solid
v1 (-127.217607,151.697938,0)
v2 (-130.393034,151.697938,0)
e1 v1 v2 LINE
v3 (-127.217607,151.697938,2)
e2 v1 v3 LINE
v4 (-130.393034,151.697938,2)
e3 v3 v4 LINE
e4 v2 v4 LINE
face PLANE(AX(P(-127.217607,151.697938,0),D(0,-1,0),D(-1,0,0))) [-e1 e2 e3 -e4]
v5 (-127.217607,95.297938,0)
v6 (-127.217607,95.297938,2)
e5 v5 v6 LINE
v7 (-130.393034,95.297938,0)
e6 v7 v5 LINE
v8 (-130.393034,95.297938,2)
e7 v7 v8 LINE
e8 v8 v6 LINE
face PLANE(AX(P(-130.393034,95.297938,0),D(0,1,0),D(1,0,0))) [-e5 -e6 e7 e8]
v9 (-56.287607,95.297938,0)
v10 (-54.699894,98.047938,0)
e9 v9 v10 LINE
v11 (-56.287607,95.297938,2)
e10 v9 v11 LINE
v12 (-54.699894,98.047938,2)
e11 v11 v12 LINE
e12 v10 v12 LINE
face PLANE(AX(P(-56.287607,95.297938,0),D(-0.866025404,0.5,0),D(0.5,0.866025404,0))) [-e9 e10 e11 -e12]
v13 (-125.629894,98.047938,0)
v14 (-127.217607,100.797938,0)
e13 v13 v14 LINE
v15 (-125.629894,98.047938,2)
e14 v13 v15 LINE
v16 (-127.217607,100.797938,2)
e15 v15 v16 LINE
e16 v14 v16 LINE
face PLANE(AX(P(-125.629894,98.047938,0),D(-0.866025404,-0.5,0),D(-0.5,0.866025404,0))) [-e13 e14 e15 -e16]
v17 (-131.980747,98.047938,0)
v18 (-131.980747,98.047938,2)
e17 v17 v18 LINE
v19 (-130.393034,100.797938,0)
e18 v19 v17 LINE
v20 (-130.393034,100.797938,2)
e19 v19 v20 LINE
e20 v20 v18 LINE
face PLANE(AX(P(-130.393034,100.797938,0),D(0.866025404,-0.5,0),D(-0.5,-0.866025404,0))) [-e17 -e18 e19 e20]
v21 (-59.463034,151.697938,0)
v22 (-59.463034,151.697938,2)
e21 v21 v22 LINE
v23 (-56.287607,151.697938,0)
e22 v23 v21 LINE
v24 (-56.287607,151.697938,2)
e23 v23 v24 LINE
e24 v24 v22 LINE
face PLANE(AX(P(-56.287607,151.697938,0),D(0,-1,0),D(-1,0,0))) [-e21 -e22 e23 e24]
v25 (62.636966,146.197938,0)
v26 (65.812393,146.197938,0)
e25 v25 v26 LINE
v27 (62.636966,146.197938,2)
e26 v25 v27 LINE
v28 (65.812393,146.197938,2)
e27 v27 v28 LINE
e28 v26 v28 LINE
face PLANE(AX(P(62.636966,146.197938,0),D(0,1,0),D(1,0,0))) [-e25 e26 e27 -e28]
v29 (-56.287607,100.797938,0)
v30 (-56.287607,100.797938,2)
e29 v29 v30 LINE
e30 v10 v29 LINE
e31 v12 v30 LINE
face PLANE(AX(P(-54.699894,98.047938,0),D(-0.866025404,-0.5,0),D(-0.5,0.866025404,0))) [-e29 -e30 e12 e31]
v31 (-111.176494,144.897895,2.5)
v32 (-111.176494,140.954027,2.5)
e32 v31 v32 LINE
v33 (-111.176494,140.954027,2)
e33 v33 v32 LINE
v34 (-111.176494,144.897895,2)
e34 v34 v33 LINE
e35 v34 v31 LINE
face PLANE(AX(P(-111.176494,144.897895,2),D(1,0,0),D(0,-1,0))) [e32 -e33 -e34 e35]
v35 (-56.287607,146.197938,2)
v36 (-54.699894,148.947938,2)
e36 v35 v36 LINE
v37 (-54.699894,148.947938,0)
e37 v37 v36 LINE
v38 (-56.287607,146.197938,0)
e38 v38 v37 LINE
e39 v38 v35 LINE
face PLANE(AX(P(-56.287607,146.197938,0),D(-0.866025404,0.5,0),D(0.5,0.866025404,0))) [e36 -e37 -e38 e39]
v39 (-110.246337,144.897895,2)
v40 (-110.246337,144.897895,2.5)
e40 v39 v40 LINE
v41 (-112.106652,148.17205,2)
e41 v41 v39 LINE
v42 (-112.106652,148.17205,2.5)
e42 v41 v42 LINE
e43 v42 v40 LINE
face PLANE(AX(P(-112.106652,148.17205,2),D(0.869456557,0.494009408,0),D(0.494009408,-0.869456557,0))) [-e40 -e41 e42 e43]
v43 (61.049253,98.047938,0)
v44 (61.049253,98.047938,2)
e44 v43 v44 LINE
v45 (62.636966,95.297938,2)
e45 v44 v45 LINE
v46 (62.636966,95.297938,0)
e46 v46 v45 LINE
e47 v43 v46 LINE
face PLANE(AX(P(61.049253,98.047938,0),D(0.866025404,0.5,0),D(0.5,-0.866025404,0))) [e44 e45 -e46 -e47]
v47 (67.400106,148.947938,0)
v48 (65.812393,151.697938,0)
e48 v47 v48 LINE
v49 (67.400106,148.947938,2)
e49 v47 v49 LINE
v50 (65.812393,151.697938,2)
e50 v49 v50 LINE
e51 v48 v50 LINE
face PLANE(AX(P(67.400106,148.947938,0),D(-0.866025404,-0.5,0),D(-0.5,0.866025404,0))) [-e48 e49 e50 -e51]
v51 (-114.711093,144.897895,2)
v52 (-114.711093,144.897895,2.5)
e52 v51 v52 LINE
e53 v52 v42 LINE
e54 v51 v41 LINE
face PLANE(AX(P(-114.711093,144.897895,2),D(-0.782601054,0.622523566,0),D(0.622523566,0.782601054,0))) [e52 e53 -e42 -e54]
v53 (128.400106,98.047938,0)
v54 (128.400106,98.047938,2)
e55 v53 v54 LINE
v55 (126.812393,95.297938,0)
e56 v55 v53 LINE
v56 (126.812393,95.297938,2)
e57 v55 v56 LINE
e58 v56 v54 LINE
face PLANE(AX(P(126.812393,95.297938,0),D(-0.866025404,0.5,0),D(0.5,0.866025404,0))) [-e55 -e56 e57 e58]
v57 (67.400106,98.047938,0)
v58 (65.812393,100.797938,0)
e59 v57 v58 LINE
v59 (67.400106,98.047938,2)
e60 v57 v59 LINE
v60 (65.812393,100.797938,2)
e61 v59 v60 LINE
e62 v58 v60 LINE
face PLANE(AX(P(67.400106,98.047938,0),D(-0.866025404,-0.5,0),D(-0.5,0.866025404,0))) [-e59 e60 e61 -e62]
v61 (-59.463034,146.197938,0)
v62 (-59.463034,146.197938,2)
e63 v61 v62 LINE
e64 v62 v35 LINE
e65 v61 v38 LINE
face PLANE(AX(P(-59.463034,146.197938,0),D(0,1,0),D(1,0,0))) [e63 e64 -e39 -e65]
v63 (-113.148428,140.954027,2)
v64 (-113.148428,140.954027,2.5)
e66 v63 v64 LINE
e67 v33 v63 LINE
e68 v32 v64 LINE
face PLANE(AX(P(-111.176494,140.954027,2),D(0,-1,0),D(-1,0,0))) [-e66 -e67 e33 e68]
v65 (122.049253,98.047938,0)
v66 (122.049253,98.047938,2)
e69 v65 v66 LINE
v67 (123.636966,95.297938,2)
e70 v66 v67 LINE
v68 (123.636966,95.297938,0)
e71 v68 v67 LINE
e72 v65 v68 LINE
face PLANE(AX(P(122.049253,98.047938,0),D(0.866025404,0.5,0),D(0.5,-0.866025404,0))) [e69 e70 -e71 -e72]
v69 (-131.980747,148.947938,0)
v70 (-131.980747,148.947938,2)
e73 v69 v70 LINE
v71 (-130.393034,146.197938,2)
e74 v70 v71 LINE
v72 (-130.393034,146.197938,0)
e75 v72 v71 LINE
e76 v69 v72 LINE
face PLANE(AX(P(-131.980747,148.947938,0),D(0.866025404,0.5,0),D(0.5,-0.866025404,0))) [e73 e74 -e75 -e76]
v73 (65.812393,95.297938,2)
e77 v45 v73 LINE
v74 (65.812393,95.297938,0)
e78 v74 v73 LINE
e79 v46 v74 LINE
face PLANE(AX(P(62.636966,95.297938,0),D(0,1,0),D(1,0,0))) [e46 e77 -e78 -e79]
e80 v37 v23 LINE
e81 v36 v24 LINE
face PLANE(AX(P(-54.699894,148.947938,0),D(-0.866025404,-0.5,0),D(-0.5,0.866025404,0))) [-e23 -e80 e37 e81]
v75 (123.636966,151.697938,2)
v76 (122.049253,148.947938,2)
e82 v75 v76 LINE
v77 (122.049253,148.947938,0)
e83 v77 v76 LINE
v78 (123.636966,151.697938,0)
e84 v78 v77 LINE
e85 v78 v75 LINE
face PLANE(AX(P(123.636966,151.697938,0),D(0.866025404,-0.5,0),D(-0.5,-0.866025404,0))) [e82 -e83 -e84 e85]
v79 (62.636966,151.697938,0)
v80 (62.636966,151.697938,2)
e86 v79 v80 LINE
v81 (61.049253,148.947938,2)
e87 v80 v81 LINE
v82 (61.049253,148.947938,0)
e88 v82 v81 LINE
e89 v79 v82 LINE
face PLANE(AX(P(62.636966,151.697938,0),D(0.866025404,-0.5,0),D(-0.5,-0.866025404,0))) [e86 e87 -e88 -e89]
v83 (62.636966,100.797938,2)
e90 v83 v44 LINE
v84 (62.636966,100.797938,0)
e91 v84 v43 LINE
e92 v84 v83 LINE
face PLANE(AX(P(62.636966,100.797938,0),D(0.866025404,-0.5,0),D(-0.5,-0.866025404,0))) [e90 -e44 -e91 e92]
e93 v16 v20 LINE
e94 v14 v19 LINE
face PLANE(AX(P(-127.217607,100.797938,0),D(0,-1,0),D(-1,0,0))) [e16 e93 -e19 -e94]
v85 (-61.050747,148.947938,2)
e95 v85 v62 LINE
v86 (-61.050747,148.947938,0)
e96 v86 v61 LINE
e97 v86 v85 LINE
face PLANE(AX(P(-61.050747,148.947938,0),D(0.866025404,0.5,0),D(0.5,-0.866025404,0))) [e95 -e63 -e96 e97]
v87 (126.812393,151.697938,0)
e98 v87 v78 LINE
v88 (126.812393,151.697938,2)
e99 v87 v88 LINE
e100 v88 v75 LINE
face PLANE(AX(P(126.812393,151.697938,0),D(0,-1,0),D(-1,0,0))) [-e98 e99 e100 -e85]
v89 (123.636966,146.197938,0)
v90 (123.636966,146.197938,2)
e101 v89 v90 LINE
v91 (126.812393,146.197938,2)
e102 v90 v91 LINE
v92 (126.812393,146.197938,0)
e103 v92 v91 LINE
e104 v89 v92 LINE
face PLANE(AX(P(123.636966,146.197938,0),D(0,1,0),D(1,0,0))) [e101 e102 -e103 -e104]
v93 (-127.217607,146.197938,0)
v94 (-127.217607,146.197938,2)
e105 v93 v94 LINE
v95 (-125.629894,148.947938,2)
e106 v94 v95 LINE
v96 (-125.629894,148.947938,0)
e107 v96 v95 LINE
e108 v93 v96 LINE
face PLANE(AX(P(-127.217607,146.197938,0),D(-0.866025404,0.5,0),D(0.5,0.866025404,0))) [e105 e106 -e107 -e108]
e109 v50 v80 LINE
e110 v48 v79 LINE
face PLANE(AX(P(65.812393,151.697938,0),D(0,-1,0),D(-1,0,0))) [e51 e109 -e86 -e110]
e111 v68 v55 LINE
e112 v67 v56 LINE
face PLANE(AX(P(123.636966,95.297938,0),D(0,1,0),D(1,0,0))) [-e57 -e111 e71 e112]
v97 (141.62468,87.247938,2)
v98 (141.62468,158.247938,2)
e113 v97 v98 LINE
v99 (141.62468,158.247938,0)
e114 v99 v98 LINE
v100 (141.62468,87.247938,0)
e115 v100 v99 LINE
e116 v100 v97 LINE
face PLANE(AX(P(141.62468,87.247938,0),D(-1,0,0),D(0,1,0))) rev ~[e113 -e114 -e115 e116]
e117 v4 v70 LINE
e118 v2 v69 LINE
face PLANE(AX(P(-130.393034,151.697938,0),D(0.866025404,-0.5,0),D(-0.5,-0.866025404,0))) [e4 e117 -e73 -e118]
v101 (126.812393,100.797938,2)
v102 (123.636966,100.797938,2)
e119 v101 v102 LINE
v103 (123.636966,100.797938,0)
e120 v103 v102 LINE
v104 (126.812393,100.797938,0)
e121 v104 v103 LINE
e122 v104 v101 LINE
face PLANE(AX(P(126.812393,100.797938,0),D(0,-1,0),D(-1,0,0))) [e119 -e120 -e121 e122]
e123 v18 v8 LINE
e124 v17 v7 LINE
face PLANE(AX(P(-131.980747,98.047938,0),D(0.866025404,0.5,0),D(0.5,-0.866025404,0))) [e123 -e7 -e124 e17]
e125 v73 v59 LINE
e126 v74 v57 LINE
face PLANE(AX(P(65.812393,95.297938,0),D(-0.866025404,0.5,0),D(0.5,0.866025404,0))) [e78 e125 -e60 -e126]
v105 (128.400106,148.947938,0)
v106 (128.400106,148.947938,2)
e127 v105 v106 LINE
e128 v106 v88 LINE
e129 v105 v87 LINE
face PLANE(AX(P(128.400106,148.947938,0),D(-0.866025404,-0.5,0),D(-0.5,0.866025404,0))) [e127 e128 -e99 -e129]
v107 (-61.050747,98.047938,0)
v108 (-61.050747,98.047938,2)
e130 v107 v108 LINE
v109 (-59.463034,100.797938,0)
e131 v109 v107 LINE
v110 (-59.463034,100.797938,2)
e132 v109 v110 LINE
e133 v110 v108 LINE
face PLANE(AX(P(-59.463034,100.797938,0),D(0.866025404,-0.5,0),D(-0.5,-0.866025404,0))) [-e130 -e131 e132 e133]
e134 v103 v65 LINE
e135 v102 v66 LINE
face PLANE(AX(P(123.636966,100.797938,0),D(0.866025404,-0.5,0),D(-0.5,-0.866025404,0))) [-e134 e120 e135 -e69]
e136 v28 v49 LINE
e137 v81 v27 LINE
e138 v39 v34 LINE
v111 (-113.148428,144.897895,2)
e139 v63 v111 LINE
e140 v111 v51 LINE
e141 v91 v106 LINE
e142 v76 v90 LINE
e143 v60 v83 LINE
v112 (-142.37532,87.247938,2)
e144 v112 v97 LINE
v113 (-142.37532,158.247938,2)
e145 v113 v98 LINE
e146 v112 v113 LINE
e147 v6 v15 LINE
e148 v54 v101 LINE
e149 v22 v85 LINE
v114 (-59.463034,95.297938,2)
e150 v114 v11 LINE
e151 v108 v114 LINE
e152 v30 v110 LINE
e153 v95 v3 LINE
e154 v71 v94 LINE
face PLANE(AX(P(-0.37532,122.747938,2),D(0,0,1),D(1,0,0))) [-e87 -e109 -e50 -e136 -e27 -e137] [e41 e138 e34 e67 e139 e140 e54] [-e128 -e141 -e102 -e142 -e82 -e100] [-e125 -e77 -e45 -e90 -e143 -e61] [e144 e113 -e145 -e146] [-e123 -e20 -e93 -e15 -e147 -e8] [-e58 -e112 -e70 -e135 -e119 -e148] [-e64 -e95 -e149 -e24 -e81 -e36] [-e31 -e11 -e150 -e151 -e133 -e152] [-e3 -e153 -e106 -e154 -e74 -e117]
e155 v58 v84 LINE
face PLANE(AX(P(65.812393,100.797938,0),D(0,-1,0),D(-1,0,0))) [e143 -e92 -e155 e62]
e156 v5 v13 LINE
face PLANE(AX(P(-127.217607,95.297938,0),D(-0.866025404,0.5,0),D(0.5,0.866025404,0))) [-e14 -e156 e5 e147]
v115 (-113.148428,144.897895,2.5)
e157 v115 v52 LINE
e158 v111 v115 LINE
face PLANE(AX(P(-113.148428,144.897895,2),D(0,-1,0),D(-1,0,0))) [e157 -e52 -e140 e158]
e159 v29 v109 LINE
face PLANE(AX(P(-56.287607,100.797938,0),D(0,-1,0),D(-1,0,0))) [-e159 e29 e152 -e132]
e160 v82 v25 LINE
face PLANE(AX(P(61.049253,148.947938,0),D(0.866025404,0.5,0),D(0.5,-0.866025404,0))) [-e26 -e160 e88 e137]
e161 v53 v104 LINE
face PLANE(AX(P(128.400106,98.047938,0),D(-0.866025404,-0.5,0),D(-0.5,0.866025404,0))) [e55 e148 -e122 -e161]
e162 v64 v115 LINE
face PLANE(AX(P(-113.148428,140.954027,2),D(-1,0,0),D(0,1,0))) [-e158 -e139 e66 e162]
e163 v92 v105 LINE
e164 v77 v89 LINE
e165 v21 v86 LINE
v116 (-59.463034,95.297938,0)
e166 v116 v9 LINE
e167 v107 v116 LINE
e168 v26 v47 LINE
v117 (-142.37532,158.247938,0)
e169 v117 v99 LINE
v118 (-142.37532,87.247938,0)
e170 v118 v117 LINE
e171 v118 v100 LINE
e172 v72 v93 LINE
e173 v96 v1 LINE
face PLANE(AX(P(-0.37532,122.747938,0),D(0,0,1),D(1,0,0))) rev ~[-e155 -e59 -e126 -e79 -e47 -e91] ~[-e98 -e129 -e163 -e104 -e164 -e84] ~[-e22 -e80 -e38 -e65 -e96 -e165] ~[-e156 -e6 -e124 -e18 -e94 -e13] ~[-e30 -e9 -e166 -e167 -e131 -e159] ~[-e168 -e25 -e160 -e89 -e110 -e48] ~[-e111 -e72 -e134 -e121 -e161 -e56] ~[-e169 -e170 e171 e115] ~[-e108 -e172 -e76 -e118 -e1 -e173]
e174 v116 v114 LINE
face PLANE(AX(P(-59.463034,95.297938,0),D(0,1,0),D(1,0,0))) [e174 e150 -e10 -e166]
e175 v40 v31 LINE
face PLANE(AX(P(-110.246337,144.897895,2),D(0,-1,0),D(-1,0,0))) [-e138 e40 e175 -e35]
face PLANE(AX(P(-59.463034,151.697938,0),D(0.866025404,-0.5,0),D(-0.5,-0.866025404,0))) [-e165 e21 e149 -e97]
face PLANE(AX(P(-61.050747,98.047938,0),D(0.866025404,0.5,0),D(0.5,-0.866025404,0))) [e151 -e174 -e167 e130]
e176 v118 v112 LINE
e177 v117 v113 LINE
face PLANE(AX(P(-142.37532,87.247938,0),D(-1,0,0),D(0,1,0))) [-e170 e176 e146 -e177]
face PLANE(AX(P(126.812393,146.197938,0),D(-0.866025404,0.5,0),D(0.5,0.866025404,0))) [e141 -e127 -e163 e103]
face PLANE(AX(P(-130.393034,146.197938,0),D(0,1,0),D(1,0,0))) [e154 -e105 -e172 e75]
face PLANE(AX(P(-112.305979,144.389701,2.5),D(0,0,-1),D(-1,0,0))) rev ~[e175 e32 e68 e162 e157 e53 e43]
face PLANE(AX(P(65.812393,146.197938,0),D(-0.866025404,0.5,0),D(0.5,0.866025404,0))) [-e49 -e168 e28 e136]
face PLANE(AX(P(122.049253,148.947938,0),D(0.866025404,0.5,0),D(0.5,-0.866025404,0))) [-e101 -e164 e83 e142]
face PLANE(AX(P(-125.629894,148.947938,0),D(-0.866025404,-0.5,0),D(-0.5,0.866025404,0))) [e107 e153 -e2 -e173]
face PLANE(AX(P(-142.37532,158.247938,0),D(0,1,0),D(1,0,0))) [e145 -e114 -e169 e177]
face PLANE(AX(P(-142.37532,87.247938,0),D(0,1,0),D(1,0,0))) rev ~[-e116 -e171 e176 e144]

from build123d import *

# Parameters (mm, degrees)
SKETCH1_W           = 284
SKETCH1_H           = 71
BOSS_EXTRUDE1_DEPTH = 2
BOSS_EXTRUDE2_DEPTH = 0.5


with BuildPart() as part:
    # Sketch1 → Boss-Extrude1 (new body)
    with BuildSketch(Plane.XY):
        with Locations((-0.375320298, 122.74793824)):
            Rectangle(SKETCH1_W, SKETCH1_H)
        Polygon((122.049253222, 148.94793824), (123.636966462, 146.19793824), (126.812392942, 146.19793824), (128.400106183, 148.94793824), (126.812392942, 151.69793824), (123.636966462, 151.69793824), align=None, mode=Mode.SUBTRACT)
        Polygon((122.049253222, 98.04793824), (123.636966462, 95.29793824), (126.812392942, 95.29793824), (128.400106183, 98.04793824), (126.812392942, 100.79793824), (123.636966462, 100.79793824), align=None, mode=Mode.SUBTRACT)
        Polygon((-131.980746778, 98.04793824), (-130.393033538, 95.29793824), (-127.217607058, 95.29793824), (-125.629893817, 98.04793824), (-127.217607058, 100.79793824), (-130.393033538, 100.79793824), align=None, mode=Mode.SUBTRACT)
        Polygon((-125.629893817, 148.94793824), (-127.217607058, 151.69793824), (-130.393033538, 151.69793824), (-131.980746778, 148.94793824), (-130.393033538, 146.19793824), (-127.217607058, 146.19793824), align=None, mode=Mode.SUBTRACT)
        Polygon((-61.050746778, 98.04793824), (-59.463033538, 95.29793824), (-56.287607058, 95.29793824), (-54.699893817, 98.04793824), (-56.287607058, 100.79793824), (-59.463033538, 100.79793824), align=None, mode=Mode.SUBTRACT)
        Polygon((-61.050746778, 148.94793824), (-59.463033538, 146.19793824), (-56.287607058, 146.19793824), (-54.699893817, 148.94793824), (-56.287607058, 151.69793824), (-59.463033538, 151.69793824), align=None, mode=Mode.SUBTRACT)
        Polygon((61.049253222, 148.94793824), (62.636966462, 146.19793824), (65.812392942, 146.19793824), (67.400106183, 148.94793824), (65.812392942, 151.69793824), (62.636966462, 151.69793824), align=None, mode=Mode.SUBTRACT)
        Polygon((61.049253222, 98.04793824), (62.636966462, 95.29793824), (65.812392942, 95.29793824), (67.400106183, 98.04793824), (65.812392942, 100.79793824), (62.636966462, 100.79793824), align=None, mode=Mode.SUBTRACT)
    extrude(amount=BOSS_EXTRUDE1_DEPTH)

    # Sketch2 → Boss-Extrude2 (add)
    with BuildSketch(Plane.XY.offset(2)):
        Polygon((-113.14842838, 140.954026683), (-113.14842838, 144.897894949), (-114.711093164, 144.897894949), (-112.106651856, 148.172049737), (-110.246336636, 144.897894949), (-111.176494246, 144.897894949), (-111.176494246, 140.954026683), align=None)
    extrude(amount=BOSS_EXTRUDE2_DEPTH)


solid = part.part
